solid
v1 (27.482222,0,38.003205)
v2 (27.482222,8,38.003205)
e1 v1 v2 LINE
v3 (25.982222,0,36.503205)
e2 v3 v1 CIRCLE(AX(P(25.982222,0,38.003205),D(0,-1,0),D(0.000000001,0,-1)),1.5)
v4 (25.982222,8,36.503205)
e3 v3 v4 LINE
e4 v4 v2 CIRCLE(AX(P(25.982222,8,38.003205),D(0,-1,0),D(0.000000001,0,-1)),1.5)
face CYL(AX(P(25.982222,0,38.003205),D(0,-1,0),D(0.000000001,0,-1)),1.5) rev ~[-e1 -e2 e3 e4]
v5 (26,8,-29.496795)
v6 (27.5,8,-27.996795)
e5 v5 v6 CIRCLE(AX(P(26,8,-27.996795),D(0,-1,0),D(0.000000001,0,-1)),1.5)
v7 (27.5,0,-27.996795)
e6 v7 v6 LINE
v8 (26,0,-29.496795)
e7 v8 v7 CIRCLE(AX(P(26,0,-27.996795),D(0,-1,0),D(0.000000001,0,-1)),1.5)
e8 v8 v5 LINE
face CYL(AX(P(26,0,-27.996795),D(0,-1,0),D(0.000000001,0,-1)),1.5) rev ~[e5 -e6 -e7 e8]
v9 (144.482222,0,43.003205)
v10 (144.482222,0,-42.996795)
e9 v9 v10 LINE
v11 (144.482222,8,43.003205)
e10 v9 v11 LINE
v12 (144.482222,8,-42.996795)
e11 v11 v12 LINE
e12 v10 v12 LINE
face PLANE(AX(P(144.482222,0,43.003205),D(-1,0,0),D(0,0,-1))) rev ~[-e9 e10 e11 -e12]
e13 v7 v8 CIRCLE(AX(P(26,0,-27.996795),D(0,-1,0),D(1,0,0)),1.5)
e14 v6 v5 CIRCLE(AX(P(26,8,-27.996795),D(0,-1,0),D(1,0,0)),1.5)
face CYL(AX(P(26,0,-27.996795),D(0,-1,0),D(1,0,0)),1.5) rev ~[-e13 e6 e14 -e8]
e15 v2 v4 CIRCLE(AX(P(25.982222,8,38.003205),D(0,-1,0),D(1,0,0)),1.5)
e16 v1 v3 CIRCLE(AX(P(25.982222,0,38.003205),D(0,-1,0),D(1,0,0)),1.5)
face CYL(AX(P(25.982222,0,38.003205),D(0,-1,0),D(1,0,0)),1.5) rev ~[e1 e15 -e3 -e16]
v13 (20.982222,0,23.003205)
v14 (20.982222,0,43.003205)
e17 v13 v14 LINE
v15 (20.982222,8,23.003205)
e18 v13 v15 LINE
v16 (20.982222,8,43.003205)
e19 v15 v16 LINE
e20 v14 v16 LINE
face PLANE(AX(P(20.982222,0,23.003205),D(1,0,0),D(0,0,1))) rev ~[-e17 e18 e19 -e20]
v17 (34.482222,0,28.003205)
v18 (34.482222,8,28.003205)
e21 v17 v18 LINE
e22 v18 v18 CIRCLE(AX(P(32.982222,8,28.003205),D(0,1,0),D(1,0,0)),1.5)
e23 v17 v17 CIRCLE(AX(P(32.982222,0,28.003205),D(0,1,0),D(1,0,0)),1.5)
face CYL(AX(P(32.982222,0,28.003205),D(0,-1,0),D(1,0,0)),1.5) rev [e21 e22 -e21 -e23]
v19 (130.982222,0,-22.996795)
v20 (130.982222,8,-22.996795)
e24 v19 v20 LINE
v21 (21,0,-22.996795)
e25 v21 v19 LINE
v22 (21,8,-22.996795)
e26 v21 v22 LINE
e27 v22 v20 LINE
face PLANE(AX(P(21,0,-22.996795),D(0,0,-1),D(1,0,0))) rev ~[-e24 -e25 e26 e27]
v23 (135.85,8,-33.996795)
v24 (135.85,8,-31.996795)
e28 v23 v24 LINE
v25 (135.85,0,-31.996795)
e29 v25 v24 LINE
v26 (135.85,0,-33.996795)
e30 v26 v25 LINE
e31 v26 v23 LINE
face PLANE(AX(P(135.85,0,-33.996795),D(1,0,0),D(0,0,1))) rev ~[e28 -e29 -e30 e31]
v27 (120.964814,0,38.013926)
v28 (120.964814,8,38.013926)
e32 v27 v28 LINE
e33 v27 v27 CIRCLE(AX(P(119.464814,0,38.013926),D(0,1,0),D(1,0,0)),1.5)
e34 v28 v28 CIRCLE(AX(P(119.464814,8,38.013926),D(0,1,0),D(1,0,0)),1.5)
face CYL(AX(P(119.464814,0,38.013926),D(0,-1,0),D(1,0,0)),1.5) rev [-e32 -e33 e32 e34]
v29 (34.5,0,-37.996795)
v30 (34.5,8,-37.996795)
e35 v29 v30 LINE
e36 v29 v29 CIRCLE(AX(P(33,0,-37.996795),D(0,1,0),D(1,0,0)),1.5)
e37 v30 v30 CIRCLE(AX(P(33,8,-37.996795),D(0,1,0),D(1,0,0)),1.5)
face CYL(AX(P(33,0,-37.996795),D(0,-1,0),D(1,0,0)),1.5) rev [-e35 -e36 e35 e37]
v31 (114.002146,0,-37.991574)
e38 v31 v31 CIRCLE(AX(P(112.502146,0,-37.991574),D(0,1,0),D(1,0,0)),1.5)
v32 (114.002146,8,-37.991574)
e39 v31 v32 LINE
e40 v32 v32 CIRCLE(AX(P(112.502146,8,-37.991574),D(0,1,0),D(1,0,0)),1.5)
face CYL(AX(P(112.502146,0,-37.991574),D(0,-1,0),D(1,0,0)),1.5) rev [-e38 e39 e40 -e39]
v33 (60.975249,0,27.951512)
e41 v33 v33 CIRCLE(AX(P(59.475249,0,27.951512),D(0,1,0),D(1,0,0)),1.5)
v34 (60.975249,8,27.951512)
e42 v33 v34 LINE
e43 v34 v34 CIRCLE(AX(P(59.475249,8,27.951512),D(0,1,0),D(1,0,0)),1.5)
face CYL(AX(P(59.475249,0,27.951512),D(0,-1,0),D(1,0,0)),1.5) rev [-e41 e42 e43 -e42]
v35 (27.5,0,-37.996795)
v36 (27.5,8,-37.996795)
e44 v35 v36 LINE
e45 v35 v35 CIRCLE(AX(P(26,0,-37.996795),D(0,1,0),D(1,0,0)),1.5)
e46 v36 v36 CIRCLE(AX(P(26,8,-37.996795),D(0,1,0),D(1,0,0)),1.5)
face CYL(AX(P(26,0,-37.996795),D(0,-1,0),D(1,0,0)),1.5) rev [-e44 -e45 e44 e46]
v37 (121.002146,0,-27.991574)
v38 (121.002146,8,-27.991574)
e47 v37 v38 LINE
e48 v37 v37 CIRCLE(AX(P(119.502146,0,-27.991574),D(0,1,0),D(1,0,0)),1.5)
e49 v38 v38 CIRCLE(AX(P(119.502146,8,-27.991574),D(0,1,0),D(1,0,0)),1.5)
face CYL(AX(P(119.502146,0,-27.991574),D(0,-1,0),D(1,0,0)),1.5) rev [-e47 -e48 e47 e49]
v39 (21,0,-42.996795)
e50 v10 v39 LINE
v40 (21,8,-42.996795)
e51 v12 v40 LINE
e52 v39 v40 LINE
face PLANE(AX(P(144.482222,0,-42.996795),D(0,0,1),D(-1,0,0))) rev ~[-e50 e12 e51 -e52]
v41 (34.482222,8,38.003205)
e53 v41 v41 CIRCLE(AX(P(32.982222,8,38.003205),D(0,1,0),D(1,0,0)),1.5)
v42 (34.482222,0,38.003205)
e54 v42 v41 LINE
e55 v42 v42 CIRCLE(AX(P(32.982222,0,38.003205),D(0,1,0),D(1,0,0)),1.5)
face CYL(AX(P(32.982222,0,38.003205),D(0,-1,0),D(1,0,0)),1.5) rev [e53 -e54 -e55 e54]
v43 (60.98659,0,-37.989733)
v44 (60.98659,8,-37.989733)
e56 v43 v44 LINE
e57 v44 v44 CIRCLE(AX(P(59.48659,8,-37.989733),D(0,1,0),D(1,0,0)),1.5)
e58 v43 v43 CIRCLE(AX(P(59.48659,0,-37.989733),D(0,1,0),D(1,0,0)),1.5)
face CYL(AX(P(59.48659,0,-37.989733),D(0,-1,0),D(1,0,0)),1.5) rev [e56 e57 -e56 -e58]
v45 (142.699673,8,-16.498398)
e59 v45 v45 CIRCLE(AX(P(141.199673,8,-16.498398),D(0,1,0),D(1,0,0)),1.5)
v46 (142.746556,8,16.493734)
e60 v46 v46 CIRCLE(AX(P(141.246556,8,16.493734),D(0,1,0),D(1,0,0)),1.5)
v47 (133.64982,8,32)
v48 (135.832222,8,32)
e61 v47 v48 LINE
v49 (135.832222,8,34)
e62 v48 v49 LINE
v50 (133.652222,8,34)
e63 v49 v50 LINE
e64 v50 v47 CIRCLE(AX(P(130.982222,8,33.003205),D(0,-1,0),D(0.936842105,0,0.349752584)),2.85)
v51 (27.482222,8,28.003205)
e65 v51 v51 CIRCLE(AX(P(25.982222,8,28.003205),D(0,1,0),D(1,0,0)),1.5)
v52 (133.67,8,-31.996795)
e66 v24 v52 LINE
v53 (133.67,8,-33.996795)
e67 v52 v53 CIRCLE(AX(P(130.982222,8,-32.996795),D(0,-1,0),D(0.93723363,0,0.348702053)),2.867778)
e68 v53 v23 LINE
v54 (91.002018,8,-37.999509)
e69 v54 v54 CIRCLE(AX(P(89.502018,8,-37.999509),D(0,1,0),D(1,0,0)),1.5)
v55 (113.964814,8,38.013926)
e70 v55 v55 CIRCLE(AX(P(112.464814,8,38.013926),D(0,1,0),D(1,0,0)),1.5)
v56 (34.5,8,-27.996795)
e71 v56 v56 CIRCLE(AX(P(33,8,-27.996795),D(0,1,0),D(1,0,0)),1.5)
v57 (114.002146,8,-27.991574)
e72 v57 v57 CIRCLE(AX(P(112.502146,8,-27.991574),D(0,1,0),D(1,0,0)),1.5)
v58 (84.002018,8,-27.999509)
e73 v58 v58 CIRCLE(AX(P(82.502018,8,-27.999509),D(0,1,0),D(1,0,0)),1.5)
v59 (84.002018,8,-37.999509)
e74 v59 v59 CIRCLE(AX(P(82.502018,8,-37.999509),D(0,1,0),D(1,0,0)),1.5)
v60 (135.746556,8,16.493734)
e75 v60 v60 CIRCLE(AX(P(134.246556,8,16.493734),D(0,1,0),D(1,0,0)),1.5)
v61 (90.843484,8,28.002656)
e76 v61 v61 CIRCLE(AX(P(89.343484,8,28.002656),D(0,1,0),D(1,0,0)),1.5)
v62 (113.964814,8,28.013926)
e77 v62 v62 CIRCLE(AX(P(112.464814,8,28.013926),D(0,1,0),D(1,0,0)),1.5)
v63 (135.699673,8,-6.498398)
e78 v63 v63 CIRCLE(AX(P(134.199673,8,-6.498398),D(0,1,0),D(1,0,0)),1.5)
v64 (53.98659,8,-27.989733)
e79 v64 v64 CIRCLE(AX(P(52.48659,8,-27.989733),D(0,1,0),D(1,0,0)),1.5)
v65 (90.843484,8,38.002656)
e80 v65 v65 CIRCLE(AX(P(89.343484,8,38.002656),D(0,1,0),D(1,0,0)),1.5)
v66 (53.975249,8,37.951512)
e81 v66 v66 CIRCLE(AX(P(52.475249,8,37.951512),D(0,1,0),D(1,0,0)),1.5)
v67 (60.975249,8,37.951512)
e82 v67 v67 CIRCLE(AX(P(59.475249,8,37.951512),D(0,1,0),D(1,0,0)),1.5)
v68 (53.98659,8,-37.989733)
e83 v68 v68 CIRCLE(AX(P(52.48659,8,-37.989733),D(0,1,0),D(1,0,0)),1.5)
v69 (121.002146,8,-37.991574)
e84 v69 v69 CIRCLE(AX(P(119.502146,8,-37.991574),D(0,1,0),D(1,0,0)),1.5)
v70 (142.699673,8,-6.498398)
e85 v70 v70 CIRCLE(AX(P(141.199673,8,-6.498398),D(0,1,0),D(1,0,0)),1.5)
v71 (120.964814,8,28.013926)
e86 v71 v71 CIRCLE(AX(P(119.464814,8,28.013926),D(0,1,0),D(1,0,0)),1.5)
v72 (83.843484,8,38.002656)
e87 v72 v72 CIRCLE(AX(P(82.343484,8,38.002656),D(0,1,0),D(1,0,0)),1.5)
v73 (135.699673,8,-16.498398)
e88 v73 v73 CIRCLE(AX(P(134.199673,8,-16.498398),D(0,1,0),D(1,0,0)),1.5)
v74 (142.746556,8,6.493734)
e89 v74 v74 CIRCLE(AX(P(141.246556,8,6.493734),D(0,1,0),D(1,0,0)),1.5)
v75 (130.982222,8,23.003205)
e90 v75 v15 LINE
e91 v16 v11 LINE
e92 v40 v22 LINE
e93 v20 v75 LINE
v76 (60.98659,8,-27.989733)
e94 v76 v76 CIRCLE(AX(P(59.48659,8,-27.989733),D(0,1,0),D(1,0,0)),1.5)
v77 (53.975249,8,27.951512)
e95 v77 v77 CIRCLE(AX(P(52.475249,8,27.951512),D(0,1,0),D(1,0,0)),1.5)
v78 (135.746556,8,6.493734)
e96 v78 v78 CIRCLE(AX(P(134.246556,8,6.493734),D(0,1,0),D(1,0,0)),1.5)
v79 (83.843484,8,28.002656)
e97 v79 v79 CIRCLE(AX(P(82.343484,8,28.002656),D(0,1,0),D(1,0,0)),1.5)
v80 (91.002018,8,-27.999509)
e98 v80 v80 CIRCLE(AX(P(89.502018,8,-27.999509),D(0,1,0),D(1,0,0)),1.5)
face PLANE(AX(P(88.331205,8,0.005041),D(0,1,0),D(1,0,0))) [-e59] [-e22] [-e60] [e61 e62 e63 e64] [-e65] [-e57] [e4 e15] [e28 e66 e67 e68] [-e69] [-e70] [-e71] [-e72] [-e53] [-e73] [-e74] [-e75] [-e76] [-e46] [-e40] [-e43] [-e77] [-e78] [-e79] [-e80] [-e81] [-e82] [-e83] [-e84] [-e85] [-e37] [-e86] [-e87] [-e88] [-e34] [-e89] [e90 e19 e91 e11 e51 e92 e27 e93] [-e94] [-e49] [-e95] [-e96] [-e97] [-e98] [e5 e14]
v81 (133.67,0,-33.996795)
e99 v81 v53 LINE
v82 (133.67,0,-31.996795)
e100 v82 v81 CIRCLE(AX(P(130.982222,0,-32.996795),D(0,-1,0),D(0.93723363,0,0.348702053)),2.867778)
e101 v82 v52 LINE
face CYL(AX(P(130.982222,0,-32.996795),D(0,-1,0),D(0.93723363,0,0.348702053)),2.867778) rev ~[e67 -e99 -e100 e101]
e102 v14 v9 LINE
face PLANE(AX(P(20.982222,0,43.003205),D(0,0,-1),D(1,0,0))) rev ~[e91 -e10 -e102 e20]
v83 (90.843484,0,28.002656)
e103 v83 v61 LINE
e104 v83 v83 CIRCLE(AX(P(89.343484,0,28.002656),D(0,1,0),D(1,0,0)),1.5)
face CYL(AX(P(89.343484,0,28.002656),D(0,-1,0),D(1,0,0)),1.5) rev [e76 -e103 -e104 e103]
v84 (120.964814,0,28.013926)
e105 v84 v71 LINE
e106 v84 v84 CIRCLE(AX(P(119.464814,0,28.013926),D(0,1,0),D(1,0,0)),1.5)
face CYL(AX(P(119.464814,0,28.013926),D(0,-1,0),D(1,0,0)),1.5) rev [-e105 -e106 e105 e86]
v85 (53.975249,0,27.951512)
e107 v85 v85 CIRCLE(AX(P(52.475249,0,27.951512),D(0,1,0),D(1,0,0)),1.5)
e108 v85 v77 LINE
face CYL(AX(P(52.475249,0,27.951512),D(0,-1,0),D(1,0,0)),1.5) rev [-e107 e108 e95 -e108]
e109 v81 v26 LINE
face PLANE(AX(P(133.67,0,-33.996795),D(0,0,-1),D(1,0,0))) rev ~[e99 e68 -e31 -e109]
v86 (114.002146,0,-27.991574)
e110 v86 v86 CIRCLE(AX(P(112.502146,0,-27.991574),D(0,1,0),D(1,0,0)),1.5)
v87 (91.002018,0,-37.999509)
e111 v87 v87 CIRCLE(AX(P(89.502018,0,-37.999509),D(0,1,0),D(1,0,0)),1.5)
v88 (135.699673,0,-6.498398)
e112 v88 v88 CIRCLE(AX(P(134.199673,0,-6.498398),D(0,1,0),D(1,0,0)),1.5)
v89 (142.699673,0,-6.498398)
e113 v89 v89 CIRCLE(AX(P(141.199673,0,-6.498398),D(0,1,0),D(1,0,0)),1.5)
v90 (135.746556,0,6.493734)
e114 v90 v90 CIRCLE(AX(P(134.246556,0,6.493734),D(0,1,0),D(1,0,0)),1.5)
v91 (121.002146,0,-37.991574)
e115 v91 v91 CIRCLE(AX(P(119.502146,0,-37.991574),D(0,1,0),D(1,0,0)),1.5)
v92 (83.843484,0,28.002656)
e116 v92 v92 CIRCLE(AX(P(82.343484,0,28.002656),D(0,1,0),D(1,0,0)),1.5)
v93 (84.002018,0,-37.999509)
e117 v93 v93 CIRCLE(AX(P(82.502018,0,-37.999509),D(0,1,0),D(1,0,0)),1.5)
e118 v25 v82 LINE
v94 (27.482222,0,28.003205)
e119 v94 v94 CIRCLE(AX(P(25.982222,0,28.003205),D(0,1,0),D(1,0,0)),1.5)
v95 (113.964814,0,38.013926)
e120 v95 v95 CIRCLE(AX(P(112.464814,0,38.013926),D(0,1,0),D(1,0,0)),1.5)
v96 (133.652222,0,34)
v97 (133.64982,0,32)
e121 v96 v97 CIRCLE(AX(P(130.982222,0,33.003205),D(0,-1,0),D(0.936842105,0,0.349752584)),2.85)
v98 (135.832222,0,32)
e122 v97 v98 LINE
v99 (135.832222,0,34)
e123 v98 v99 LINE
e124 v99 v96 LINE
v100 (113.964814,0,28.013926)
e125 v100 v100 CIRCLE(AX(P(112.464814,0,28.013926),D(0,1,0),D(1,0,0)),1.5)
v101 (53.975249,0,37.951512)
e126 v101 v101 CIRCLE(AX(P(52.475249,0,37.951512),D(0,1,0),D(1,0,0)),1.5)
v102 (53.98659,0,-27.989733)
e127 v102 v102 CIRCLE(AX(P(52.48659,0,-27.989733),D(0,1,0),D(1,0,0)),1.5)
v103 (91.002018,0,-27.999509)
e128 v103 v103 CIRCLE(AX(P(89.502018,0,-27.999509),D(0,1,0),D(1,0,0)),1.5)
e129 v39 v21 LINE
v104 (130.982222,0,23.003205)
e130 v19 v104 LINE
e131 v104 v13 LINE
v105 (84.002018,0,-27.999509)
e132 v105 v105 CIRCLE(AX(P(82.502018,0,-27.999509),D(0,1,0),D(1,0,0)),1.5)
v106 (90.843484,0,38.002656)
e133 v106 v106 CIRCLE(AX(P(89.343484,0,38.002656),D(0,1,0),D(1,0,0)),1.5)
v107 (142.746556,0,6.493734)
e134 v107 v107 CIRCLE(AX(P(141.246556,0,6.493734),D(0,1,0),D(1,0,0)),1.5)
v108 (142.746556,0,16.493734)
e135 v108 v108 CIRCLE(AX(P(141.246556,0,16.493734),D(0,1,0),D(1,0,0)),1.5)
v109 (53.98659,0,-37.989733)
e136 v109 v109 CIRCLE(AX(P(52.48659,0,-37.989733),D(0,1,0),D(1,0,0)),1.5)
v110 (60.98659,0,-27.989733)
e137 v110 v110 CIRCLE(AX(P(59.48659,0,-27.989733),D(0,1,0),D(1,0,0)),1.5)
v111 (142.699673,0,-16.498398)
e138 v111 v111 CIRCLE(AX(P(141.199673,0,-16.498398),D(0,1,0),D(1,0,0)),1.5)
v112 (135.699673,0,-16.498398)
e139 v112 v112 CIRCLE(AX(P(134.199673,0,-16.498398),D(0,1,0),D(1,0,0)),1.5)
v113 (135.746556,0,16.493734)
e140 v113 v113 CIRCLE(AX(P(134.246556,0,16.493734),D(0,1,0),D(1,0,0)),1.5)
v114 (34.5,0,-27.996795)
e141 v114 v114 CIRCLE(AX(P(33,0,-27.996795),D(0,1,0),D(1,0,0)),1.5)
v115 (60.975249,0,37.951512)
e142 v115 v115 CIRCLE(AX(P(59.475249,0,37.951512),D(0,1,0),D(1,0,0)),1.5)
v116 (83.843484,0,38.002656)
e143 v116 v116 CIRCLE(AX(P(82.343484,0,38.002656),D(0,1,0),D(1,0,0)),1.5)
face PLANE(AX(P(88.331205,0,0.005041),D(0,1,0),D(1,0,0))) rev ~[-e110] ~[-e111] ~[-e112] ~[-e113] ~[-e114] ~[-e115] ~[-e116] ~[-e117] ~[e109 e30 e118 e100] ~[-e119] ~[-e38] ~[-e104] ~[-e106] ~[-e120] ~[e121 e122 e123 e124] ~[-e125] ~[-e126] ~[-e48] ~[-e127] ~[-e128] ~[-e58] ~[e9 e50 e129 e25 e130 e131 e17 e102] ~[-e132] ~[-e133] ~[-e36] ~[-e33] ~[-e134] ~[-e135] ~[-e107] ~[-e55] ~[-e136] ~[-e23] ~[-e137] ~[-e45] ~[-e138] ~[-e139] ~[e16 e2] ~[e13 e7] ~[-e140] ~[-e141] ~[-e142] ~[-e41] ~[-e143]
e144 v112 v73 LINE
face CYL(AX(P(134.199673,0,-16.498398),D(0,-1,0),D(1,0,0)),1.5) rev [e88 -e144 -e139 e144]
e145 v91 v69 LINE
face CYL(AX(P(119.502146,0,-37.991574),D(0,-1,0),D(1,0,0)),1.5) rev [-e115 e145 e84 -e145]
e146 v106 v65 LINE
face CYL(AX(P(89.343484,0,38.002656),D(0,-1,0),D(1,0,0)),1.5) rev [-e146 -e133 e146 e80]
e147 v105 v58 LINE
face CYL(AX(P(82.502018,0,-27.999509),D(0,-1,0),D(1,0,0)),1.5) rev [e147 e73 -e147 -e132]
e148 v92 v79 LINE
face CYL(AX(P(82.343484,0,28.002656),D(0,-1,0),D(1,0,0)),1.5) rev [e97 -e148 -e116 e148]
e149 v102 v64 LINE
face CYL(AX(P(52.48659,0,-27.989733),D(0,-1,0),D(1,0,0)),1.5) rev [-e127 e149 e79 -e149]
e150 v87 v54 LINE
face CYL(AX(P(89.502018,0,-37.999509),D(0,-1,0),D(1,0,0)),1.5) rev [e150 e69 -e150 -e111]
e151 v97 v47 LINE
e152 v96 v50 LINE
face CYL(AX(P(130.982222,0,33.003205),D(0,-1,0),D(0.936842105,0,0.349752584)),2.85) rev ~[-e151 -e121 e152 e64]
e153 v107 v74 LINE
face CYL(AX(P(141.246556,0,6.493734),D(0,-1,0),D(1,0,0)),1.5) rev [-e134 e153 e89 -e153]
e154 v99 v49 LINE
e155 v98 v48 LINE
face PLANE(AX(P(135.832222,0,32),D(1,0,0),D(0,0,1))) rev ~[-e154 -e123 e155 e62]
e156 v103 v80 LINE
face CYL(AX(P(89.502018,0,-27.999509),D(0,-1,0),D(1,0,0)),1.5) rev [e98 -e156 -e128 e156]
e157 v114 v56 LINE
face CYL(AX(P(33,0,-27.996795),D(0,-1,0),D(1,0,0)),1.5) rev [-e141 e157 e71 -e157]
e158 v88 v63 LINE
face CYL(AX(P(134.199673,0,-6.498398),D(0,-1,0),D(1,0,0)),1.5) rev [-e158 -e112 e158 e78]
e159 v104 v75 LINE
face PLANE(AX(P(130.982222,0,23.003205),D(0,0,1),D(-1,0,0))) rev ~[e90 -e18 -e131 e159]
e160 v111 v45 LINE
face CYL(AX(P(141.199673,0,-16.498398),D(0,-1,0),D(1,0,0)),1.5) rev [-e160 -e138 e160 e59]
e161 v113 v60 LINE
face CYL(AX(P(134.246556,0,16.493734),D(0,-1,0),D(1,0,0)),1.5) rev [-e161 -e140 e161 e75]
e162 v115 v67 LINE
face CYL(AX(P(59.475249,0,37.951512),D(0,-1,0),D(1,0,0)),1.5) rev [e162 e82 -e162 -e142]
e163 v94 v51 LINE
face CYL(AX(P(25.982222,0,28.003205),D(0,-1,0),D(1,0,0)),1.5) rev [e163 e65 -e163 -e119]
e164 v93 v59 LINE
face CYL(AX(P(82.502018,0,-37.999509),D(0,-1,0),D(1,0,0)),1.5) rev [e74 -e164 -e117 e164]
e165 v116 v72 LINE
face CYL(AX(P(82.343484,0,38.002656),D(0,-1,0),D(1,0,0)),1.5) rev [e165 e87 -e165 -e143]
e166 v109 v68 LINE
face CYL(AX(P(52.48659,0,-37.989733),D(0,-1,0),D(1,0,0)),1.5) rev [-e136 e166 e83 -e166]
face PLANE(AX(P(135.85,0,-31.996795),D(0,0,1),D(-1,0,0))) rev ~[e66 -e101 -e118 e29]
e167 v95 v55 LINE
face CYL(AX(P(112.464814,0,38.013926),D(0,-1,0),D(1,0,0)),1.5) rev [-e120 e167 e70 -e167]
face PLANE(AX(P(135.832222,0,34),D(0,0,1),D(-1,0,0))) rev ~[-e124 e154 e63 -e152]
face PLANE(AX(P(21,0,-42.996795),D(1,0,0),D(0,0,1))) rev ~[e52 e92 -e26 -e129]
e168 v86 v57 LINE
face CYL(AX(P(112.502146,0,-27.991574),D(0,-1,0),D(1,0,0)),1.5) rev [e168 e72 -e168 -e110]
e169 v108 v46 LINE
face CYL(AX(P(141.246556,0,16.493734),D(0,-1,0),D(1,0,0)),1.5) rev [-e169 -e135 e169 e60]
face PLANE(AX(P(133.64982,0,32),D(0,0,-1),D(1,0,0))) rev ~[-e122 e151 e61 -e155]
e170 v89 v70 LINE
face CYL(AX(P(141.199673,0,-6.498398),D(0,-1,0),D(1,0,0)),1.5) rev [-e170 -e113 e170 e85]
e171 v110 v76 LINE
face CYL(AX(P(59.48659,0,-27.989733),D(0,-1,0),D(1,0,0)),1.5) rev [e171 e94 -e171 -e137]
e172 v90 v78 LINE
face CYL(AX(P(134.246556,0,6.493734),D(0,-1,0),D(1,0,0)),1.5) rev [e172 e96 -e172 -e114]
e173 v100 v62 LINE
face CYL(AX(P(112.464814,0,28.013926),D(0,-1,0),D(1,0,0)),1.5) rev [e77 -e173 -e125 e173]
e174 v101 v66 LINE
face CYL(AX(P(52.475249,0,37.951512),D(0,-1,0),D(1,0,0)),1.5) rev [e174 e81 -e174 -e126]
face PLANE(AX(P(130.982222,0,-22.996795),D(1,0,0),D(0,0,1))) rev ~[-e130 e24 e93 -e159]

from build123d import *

# Parameters (mm, degrees)
SKETCH1_R           = 1.5
BOSS_EXTRUDE3_DEPTH = 8


with BuildPart() as part:
    # Sketch1 → Boss-Extrude3 (new body)
    with BuildSketch(Plane(origin=(0, 0, 0), x_dir=(1, 0, 0), z_dir=(0, 1, 0))):
        Polygon((21, 42.996794864), (21, 22.996794864), (130.982222222, 22.996794864), (130.982222222, -23.003205136), (20.982222222, -23.003205136), (20.982222222, -43.003205136), (144.482222222, -43.003205136), (144.482222222, -40.503205136), (144.482222222, 42.996794864), align=None)
        with BuildLine():
            ThreePointArc((133.652222222, -34), (128.132224278, -33.006627887), (133.649820291, -32))
            Line((133.649820291, -32), (135.832222222, -32))
            Line((135.832222222, -32), (135.832222222, -34))
            Line((135.832222222, -34), (133.652222222, -34))
        make_face(mode=Mode.SUBTRACT)
        with BuildLine():
            ThreePointArc((27.482222222, -38.003205136), (24.92156205, -39.063865308), (25.982222222, -36.503205136))
            ThreePointArc((25.982222222, -36.503205136), (27.042882394, -36.942544965), (27.482222222, -38.003205136))
        make_face(mode=Mode.SUBTRACT)
        with Locations((32.982222222, -38.003205136)):
            Circle(SKETCH1_R, mode=Mode.SUBTRACT)
        with Locations((52.475249167, -37.951512162)):
            Circle(SKETCH1_R, mode=Mode.SUBTRACT)
        with Locations((59.475249167, -37.951512162)):
            Circle(SKETCH1_R, mode=Mode.SUBTRACT)
        with Locations((82.343483879, -38.002656399)):
            Circle(SKETCH1_R, mode=Mode.SUBTRACT)
        with Locations((89.343483879, -38.002656399)):
            Circle(SKETCH1_R, mode=Mode.SUBTRACT)
        with Locations((112.464813863, -38.013925916)):
            Circle(SKETCH1_R, mode=Mode.SUBTRACT)
        with Locations((119.464813863, -38.013925916)):
            Circle(SKETCH1_R, mode=Mode.SUBTRACT)
        with Locations((134.24655623, -16.49373389)):
            Circle(SKETCH1_R, mode=Mode.SUBTRACT)
        with Locations((141.24655623, -16.49373389)):
            Circle(SKETCH1_R, mode=Mode.SUBTRACT)
        with Locations((134.24655623, -6.49373389)):
            Circle(SKETCH1_R, mode=Mode.SUBTRACT)
        with Locations((141.24655623, -6.49373389)):
            Circle(SKETCH1_R, mode=Mode.SUBTRACT)
        with BuildLine():
            ThreePointArc((27.5, 27.996794864), (24.939339828, 26.936134692), (26, 29.496794864))
            ThreePointArc((26, 29.496794864), (27.060660172, 29.057455035), (27.5, 27.996794864))
        make_face(mode=Mode.SUBTRACT)
        with Locations((33, 27.996794864)):
            Circle(SKETCH1_R, mode=Mode.SUBTRACT)
        with Locations((52.486589883, 27.989732879)):
            Circle(SKETCH1_R, mode=Mode.SUBTRACT)
        with Locations((26, 37.996794864)):
            Circle(SKETCH1_R, mode=Mode.SUBTRACT)
        with Locations((33, 37.996794864)):
            Circle(SKETCH1_R, mode=Mode.SUBTRACT)
        with Locations((52.486589883, 37.989732879)):
            Circle(SKETCH1_R, mode=Mode.SUBTRACT)
        with Locations((59.486589883, 27.989732879)):
            Circle(SKETCH1_R, mode=Mode.SUBTRACT)
        with Locations((82.502017716, 27.999509045)):
            Circle(SKETCH1_R, mode=Mode.SUBTRACT)
        with Locations((59.486589883, 37.989732879)):
            Circle(SKETCH1_R, mode=Mode.SUBTRACT)
        with Locations((82.502017716, 37.999509045)):
            Circle(SKETCH1_R, mode=Mode.SUBTRACT)
        with Locations((134.199672827, 6.49839835)):
            Circle(SKETCH1_R, mode=Mode.SUBTRACT)
        with Locations((141.199672827, 6.49839835)):
            Circle(SKETCH1_R, mode=Mode.SUBTRACT)
        with Locations((134.199672827, 16.49839835)):
            Circle(SKETCH1_R, mode=Mode.SUBTRACT)
        with Locations((141.199672827, 16.49839835)):
            Circle(SKETCH1_R, mode=Mode.SUBTRACT)
        with Locations((89.502017716, 27.999509045)):
            Circle(SKETCH1_R, mode=Mode.SUBTRACT)
        with Locations((112.502146229, 27.991574488)):
            Circle(SKETCH1_R, mode=Mode.SUBTRACT)
        with Locations((89.502017716, 37.999509045)):
            Circle(SKETCH1_R, mode=Mode.SUBTRACT)
        with Locations((112.502146229, 37.991574488)):
            Circle(SKETCH1_R, mode=Mode.SUBTRACT)
        with Locations((119.502146229, 27.991574488)):
            Circle(SKETCH1_R, mode=Mode.SUBTRACT)
        with Locations((119.502146229, 37.991574488)):
            Circle(SKETCH1_R, mode=Mode.SUBTRACT)
        with BuildLine():
            Line((133.67, 33.996794864), (135.85, 33.996794864))
            Line((135.85, 33.996794864), (135.85, 31.996794864))
            Line((135.85, 31.996794864), (133.67, 31.996794864))
            ThreePointArc((133.67, 31.996794864), (128.114444444, 32.996794864), (133.67, 33.996794864))
        make_face(mode=Mode.SUBTRACT)
        with Locations((89.343483879, -28.002656399)):
            Circle(SKETCH1_R, mode=Mode.SUBTRACT)
        with Locations((112.464813863, -28.013925916)):
            Circle(SKETCH1_R, mode=Mode.SUBTRACT)
        with Locations((119.464813863, -28.013925916)):
            Circle(SKETCH1_R, mode=Mode.SUBTRACT)
        with Locations((52.475249167, -27.951512162)):
            Circle(SKETCH1_R, mode=Mode.SUBTRACT)
        with Locations((59.475249167, -27.951512162)):
            Circle(SKETCH1_R, mode=Mode.SUBTRACT)
        with Locations((25.982222222, -28.003205136)):
            Circle(SKETCH1_R, mode=Mode.SUBTRACT)
        with Locations((32.982222222, -28.003205136)):
            Circle(SKETCH1_R, mode=Mode.SUBTRACT)
        with Locations((82.343483879, -28.002656399)):
            Circle(SKETCH1_R, mode=Mode.SUBTRACT)
    extrude(amount=BOSS_EXTRUDE3_DEPTH)


solid = part.part
